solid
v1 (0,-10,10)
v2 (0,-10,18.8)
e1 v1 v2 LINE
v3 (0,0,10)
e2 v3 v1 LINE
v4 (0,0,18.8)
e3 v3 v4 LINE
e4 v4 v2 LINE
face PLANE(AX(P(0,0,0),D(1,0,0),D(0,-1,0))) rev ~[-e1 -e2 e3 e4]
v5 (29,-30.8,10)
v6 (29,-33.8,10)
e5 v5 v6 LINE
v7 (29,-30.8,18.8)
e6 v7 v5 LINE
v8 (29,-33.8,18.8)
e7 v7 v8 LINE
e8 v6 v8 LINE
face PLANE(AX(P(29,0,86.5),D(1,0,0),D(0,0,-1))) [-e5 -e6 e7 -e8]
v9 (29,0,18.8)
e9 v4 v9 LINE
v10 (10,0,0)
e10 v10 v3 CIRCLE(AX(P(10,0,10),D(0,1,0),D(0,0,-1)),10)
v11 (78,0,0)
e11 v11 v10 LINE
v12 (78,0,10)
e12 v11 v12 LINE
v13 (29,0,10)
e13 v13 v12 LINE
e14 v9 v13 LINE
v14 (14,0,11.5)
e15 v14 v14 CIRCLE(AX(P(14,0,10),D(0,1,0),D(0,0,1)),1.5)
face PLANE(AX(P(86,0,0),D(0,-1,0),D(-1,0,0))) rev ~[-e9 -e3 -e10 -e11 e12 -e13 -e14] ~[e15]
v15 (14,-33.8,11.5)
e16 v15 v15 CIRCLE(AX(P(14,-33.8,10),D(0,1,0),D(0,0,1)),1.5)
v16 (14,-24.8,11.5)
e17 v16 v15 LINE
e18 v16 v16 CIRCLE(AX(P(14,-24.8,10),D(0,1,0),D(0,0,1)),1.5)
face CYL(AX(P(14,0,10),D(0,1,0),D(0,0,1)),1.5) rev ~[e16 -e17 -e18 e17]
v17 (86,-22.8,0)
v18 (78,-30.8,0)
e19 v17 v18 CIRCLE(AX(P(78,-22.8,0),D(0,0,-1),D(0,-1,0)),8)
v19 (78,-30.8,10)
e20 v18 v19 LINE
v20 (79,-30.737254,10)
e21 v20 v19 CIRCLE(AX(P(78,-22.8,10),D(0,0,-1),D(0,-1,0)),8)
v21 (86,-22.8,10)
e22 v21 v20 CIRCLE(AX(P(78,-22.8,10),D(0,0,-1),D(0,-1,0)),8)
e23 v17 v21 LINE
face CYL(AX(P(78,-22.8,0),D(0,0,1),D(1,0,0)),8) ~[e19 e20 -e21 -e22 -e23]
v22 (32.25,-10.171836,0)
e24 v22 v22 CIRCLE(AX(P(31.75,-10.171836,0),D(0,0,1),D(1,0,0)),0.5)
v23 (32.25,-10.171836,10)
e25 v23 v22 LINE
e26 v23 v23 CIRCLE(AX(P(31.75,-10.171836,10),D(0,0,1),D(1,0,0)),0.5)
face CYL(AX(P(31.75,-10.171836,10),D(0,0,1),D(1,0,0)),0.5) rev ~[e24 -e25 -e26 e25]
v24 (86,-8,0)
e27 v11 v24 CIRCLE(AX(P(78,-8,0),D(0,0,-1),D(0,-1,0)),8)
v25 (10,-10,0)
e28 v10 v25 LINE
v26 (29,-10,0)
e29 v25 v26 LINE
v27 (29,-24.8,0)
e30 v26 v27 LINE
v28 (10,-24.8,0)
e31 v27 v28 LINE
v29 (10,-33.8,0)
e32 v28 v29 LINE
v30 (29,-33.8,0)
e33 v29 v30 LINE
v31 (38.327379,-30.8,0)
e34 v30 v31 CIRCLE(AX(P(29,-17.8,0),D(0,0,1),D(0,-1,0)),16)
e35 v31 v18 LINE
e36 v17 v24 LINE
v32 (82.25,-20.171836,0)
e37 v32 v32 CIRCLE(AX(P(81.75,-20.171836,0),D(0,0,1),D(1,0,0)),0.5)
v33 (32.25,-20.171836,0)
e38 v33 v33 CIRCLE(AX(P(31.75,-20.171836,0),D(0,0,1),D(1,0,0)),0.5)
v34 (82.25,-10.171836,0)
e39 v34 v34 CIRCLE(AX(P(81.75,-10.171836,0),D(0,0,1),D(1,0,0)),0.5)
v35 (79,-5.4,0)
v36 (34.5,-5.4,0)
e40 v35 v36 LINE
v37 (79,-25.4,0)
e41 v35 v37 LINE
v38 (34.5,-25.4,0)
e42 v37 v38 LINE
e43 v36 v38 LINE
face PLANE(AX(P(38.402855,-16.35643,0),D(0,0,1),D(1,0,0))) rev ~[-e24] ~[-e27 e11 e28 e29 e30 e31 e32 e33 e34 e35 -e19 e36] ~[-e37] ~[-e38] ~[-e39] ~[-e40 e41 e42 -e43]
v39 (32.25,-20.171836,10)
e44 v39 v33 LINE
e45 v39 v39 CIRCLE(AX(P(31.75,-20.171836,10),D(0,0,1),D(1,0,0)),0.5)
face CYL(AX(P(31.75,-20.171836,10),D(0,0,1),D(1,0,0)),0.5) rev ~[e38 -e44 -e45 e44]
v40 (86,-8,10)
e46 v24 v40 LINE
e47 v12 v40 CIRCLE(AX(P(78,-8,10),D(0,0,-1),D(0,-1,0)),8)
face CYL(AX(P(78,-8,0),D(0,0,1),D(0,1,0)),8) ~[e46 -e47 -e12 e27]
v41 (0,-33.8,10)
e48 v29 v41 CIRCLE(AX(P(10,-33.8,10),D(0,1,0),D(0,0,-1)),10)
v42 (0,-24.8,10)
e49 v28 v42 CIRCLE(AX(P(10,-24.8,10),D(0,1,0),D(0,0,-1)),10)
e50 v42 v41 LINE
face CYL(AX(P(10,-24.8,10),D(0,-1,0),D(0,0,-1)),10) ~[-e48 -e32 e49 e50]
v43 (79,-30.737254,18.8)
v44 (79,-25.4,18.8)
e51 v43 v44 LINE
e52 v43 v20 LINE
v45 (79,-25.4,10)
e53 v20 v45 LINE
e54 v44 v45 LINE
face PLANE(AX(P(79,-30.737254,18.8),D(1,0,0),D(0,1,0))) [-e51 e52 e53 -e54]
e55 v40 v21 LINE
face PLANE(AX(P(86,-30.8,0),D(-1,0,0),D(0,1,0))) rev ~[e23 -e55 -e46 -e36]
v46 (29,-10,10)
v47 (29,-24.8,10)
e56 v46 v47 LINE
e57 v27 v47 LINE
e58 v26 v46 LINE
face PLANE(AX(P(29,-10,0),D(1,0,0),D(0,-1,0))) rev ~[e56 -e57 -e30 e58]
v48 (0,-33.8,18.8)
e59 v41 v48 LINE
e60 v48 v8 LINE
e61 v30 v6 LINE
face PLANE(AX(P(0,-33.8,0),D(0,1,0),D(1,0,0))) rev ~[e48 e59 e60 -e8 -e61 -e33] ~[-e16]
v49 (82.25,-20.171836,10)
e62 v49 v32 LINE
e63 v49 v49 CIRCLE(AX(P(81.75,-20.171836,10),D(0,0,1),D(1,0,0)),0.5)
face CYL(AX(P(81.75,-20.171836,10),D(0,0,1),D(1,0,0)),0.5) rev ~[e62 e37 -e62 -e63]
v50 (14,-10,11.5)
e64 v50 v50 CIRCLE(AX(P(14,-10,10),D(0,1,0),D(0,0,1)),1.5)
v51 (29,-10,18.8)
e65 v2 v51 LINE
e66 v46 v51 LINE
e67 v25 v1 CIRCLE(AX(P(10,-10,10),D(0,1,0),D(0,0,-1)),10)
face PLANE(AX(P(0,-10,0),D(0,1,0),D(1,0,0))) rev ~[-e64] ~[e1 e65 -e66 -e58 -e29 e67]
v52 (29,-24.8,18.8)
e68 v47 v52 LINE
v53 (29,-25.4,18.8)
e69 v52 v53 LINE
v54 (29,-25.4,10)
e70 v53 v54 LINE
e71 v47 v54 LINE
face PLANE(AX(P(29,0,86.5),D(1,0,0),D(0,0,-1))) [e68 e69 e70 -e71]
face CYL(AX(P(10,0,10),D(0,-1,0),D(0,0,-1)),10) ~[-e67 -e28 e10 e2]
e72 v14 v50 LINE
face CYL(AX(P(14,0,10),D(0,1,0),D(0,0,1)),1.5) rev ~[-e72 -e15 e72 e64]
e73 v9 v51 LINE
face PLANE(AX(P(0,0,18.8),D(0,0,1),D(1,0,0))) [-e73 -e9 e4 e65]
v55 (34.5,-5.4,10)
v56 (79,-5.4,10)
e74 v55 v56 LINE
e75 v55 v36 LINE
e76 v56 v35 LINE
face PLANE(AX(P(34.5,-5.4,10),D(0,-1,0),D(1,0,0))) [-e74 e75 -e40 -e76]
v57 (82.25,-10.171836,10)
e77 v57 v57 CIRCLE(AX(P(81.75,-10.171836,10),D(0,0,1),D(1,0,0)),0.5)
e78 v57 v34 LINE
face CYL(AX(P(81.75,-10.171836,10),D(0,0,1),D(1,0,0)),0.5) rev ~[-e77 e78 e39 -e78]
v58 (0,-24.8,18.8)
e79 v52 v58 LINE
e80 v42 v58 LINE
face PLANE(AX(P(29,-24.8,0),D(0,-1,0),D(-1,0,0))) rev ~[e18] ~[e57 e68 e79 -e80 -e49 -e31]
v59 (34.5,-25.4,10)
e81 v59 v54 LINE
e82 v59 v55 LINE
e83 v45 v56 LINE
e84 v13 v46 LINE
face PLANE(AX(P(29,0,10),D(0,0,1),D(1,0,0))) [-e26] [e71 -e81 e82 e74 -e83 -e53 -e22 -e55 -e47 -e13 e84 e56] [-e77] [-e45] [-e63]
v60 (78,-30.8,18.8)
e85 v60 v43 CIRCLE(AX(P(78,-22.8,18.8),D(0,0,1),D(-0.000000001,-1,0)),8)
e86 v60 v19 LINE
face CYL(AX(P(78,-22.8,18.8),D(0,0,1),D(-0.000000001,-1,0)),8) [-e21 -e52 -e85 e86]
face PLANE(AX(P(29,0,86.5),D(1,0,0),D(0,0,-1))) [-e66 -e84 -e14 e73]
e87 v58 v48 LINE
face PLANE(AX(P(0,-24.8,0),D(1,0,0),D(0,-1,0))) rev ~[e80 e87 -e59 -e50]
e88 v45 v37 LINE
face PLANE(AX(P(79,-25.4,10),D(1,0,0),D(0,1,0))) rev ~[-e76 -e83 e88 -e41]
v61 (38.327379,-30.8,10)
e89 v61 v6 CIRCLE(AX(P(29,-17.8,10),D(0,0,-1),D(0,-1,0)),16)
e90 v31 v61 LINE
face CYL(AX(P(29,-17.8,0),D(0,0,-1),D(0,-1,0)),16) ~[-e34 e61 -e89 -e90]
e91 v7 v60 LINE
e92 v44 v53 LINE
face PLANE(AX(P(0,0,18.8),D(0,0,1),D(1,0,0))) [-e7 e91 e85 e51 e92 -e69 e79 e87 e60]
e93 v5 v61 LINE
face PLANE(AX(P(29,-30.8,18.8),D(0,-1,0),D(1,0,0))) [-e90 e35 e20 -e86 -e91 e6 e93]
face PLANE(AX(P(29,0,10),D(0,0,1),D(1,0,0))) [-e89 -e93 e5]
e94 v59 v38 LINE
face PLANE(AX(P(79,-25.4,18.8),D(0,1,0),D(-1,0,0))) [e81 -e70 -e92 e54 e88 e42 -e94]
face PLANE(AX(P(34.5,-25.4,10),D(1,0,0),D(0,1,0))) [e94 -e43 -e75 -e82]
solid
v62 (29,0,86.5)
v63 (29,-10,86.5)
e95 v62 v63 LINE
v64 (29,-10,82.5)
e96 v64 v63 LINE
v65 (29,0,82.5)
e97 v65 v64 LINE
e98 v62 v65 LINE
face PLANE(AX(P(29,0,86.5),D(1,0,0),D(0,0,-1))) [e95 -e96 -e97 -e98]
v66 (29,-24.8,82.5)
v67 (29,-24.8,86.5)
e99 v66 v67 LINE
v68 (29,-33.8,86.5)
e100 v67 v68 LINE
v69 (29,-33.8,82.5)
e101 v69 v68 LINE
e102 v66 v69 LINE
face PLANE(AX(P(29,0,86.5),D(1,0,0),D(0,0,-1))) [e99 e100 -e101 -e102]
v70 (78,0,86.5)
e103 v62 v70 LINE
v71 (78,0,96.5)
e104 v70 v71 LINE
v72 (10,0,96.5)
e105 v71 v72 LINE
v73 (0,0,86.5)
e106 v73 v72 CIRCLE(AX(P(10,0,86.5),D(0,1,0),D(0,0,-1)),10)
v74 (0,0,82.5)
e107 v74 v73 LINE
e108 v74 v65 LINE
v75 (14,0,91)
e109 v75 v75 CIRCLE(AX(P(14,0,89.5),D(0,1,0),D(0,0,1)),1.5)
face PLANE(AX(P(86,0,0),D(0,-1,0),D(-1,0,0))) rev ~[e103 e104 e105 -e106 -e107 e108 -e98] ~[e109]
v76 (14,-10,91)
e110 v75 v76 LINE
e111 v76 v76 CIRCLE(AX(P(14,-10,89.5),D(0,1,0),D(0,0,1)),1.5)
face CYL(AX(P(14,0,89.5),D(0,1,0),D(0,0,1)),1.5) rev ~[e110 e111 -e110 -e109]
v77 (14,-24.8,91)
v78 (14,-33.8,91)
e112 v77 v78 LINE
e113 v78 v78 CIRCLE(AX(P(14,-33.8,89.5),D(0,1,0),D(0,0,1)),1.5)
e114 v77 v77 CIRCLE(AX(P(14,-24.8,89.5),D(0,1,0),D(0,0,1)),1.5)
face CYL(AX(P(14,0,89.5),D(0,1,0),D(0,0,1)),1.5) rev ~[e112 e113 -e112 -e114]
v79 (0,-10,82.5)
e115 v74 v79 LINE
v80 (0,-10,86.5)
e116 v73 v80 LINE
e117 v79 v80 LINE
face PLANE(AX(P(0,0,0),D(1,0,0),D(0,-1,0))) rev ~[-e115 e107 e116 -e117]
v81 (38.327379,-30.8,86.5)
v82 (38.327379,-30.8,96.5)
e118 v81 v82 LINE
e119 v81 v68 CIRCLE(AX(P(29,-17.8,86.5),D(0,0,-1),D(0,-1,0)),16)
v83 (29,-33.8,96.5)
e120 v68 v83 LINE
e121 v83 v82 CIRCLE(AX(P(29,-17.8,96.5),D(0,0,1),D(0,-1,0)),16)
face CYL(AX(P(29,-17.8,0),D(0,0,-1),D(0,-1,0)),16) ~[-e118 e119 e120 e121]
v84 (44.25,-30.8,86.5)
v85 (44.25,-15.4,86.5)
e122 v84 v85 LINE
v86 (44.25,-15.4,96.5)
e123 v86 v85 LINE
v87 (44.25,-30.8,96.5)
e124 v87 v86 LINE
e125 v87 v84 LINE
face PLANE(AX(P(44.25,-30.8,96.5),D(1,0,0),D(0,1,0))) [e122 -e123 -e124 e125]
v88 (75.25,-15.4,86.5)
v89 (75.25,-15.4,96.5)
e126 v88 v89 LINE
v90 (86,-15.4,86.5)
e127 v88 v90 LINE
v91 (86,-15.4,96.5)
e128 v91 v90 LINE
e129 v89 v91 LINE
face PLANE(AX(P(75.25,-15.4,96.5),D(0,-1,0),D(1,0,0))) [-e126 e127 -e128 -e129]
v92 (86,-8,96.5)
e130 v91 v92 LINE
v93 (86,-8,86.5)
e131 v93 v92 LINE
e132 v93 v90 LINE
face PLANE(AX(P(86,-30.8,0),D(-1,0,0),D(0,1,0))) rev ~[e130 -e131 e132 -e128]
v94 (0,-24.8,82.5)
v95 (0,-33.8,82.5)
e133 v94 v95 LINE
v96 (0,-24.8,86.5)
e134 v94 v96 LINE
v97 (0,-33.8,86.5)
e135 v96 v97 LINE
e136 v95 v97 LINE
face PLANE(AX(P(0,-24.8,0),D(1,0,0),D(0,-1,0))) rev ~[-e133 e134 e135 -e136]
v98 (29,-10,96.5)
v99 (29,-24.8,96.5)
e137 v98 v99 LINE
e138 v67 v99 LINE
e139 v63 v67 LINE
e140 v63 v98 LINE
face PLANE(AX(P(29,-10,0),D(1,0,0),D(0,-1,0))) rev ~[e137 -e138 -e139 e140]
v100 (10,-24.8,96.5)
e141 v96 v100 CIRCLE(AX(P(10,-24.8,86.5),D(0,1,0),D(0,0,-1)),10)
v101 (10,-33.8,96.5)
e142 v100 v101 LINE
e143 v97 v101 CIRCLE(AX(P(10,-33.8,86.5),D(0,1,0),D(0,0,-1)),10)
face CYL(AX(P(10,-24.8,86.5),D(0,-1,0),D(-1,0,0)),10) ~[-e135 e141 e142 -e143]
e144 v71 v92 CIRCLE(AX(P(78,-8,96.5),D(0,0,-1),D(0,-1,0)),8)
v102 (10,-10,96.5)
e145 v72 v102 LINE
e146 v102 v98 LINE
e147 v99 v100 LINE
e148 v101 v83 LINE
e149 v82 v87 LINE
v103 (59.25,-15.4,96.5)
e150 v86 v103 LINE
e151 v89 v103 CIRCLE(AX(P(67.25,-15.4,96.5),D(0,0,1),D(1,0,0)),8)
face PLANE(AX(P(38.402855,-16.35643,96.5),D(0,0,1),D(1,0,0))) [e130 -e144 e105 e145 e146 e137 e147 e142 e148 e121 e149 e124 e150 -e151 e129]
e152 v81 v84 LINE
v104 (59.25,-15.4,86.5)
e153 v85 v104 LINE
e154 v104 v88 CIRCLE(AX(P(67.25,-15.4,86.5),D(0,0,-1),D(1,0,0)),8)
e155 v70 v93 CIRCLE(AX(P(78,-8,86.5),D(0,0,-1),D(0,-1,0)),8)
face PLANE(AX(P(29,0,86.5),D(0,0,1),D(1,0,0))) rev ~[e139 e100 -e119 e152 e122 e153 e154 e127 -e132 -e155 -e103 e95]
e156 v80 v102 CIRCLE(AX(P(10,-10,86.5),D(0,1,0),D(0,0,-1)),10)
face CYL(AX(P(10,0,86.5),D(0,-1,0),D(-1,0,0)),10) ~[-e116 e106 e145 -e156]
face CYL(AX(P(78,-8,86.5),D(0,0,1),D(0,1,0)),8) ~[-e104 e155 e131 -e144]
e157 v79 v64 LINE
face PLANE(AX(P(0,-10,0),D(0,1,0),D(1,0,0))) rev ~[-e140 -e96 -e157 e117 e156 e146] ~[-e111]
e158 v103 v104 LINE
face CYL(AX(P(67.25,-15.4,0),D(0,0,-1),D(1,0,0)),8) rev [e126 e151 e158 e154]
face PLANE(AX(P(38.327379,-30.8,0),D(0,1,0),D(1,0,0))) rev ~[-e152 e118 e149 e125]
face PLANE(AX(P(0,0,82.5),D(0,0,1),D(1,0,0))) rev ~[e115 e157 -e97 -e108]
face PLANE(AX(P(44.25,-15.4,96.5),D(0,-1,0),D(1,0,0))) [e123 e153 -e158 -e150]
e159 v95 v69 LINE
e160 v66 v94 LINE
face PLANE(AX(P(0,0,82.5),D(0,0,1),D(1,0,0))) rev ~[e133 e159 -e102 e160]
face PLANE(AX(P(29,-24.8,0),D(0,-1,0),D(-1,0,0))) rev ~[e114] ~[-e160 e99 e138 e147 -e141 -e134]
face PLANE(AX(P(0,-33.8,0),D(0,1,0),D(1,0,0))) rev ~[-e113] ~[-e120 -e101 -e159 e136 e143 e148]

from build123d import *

# Parameters (mm, degrees)
SKETCH1_R           = 8
BOSS_EXTRUDE1_DEPTH = 96.5
SKETCH2_W           = 57
SKETCH2_H           = 76.5
CUT_EXTRUDE1_DEPTH  = 102
FILLET1_R           = 8
SKETCH3_R           = 1.5
CUT_EXTRUDE2_DEPTH  = 134.606474394
CUT_EXTRUDE3_REACH  = 128.573
SKETCH4_R           = 0.5
SKETCH4_W           = 44.5
SKETCH4_H           = 20
BOSS_EXTRUDE2_START = 8.8
BOSS_EXTRUDE2_DEPTH = 8.8
CUT_EXTRUDE4_DEPTH  = 10
FILLET3_R           = 10
SKETCH7_W           = 29
SKETCH7_H           = 63.7
CUT_EXTRUDE5_DEPTH  = 134.606474394


with BuildPart() as part:
    # Sketch1 → Boss-Extrude1 (new body)
    with BuildSketch(Plane.XY):
        with BuildLine():
            Line((86, 0), (0, 0))
            Line((0, 0), (0, -10))
            Line((0, -10), (29, -10))
            Line((29, -10), (29, -24.8))
            Line((29, -24.8), (0, -24.8))
            Line((0, -24.8), (0, -33.8))
            Line((0, -33.8), (29, -33.8))
            ThreePointArc((29, -33.8), (33.898979486, -33.031546212), (38.327379053, -30.8))
            Line((38.327379053, -30.8), (86, -30.8))
            Line((86, -30.8), (86, 0))
        make_face()
        with Locations((67.25, -15.4)):
            Circle(SKETCH1_R, mode=Mode.SUBTRACT)
    extrude(amount=BOSS_EXTRUDE1_DEPTH)

    # Sketch2 → Cut-Extrude1 (cut)
    with BuildSketch(Plane(origin=(0, 0, 0), x_dir=(1, 0, 0), z_dir=(0, 1, 0))):
        with Locations((57.5, -48.25)):
            Rectangle(SKETCH2_W, SKETCH2_H)
    extrude(amount=-CUT_EXTRUDE1_DEPTH, mode=Mode.SUBTRACT)

    # Fillet1
    fillet1_edges = [part.edges().sort_by_distance(p)[0] for p in [
        (86, -30.8, 91.5),
        (86, 0, 91.5),
        (86, -30.8, 5),
        (86, 0, 5),
    ]]
    fillet(fillet1_edges, radius=FILLET1_R)

    # Sketch3 → Cut-Extrude2 (cut, through all)
    with BuildSketch(Plane(origin=(0, 0, 0), x_dir=(1, 0, 0), z_dir=(0, 1, 0))):
        with Locations(Location((14, -10, 0), (0, 0, 270))):
            Circle(SKETCH3_R)
        with Locations(Location((14, -89.5, 0), (0, 0, 270))):
            Circle(SKETCH3_R)
    extrude(amount=-CUT_EXTRUDE2_DEPTH, mode=Mode.SUBTRACT)

    # Sketch4 → Cut-Extrude3 (cut, up to next)
    with BuildSketch(Plane.XY.offset(10), mode=Mode.PRIVATE) as cut_extrude3_sk1:
        with Locations((81.75, -20.171836185)):
            Circle(SKETCH4_R)
    cut_extrude3_tool1 = extrude(cut_extrude3_sk1.sketch, amount=-CUT_EXTRUDE3_REACH, mode=Mode.PRIVATE) & part.part
    # Sketch4 → Cut-Extrude3 (cut, up to next)
    with BuildSketch(Plane.XY.offset(10), mode=Mode.PRIVATE) as cut_extrude3_sk2:
        with Locations((81.75, -10.171836185)):
            Circle(SKETCH4_R)
    cut_extrude3_tool2 = extrude(cut_extrude3_sk2.sketch, amount=-CUT_EXTRUDE3_REACH, mode=Mode.PRIVATE) & part.part
    # Sketch4 → Cut-Extrude3 (cut, up to next)
    with BuildSketch(Plane.XY.offset(10), mode=Mode.PRIVATE) as cut_extrude3_sk3:
        with Locations((31.75, -20.171836185)):
            Circle(SKETCH4_R)
    cut_extrude3_tool3 = extrude(cut_extrude3_sk3.sketch, amount=-CUT_EXTRUDE3_REACH, mode=Mode.PRIVATE) & part.part
    # Sketch4 → Cut-Extrude3 (cut, up to next)
    with BuildSketch(Plane.XY.offset(10), mode=Mode.PRIVATE) as cut_extrude3_sk4:
        with Locations((31.75, -10.171836185)):
            Circle(SKETCH4_R)
    cut_extrude3_tool4 = extrude(cut_extrude3_sk4.sketch, amount=-CUT_EXTRUDE3_REACH, mode=Mode.PRIVATE) & part.part
    # Sketch4 → Cut-Extrude3 (cut, up to next)
    with BuildSketch(Plane.XY.offset(10), mode=Mode.PRIVATE) as cut_extrude3_sk5:
        with Locations((56.75, -15.4)):
            Rectangle(SKETCH4_W, SKETCH4_H)
    cut_extrude3_tool5 = extrude(cut_extrude3_sk5.sketch, amount=-CUT_EXTRUDE3_REACH, mode=Mode.PRIVATE) & part.part
    add(cut_extrude3_tool1.solids().sort_by_distance((81.75, -20.171836, 10))[0], mode=Mode.SUBTRACT)
    add(cut_extrude3_tool2.solids().sort_by_distance((81.75, -10.171836, 10))[0], mode=Mode.SUBTRACT)
    add(cut_extrude3_tool3.solids().sort_by_distance((31.75, -20.171836, 10))[0], mode=Mode.SUBTRACT)
    add(cut_extrude3_tool4.solids().sort_by_distance((31.75, -10.171836, 10))[0], mode=Mode.SUBTRACT)
    add(cut_extrude3_tool5.solids().sort_by_distance((56.75, -15.4, 10))[0], mode=Mode.SUBTRACT)

    # Sketch5 → Boss-Extrude2 (add)
    with BuildSketch(Plane.XY.offset(10).offset(BOSS_EXTRUDE2_START)):
        with BuildLine():
            Line((79, -30.737253933), (79, -25.4))
            Line((79, -25.4), (34.5, -25.4))
            Line((34.5, -25.4), (29, -25.4))
            Line((29, -25.4), (29, -30.8))
            Line((29, -30.8), (38.327379053, -30.8))
            Line((38.327379053, -30.8), (42.496230888, -30.8))
            Line((42.496230888, -30.8), (78, -30.8))
            ThreePointArc((78, -30.8), (78.5009833, -30.784298074), (79, -30.737253933))
        make_face()
    extrude(amount=-BOSS_EXTRUDE2_DEPTH)

    # Sketch6 → Cut-Extrude4 (cut)
    with BuildSketch(Plane.XY.offset(96.5)):
        with BuildLine():
            Line((75.25, -15.4), (86, -15.4))
            Line((86, -15.4), (86, -22.8))
            ThreePointArc((86, -22.8), (83.656854249, -28.456854249), (78, -30.8))
            Line((78, -30.8), (44.25, -30.8))
            Line((44.25, -30.8), (44.25, -15.4))
            Line((44.25, -15.4), (59.25, -15.4))
            ThreePointArc((59.25, -15.4), (67.25, -23.4), (75.25, -15.4))
        make_face()
    extrude(amount=-CUT_EXTRUDE4_DEPTH, mode=Mode.SUBTRACT)

    # Fillet3
    fillet3_edges = [part.edges().sort_by_distance(p)[0] for p in [
        (0, -29.3, 96.5),
        (0, -5, 96.5),
        (0, -5, 0),
        (0, -29.3, 0),
    ]]
    fillet(fillet3_edges, radius=FILLET3_R)

    # Sketch7 → Cut-Extrude5 (cut, through all)
    with BuildSketch(Plane(origin=(0, 0, 0), x_dir=(1, 0, 0), z_dir=(0, 1, 0))):
        with Locations((14.5, -50.65)):
            Rectangle(SKETCH7_W, SKETCH7_H)
    extrude(amount=-CUT_EXTRUDE5_DEPTH, mode=Mode.SUBTRACT)


with BuildPart() as cut_extrude5_piece_1:
    # of the separate pieces the step leaves, piece 1, a body of its own (cut_extrude5_pieces)
    add(part.part.solids().sort_by_distance((10, 0, 0))[0])


with BuildPart() as cut_extrude5_piece_2:
    # of the separate pieces the step leaves, piece 2, a body of its own (cut_extrude5_pieces)
    add(part.part.solids().sort_by_distance((0, 0, 82.5))[0])


solid = Compound([cut_extrude5_piece_1.part, cut_extrude5_piece_2.part])
